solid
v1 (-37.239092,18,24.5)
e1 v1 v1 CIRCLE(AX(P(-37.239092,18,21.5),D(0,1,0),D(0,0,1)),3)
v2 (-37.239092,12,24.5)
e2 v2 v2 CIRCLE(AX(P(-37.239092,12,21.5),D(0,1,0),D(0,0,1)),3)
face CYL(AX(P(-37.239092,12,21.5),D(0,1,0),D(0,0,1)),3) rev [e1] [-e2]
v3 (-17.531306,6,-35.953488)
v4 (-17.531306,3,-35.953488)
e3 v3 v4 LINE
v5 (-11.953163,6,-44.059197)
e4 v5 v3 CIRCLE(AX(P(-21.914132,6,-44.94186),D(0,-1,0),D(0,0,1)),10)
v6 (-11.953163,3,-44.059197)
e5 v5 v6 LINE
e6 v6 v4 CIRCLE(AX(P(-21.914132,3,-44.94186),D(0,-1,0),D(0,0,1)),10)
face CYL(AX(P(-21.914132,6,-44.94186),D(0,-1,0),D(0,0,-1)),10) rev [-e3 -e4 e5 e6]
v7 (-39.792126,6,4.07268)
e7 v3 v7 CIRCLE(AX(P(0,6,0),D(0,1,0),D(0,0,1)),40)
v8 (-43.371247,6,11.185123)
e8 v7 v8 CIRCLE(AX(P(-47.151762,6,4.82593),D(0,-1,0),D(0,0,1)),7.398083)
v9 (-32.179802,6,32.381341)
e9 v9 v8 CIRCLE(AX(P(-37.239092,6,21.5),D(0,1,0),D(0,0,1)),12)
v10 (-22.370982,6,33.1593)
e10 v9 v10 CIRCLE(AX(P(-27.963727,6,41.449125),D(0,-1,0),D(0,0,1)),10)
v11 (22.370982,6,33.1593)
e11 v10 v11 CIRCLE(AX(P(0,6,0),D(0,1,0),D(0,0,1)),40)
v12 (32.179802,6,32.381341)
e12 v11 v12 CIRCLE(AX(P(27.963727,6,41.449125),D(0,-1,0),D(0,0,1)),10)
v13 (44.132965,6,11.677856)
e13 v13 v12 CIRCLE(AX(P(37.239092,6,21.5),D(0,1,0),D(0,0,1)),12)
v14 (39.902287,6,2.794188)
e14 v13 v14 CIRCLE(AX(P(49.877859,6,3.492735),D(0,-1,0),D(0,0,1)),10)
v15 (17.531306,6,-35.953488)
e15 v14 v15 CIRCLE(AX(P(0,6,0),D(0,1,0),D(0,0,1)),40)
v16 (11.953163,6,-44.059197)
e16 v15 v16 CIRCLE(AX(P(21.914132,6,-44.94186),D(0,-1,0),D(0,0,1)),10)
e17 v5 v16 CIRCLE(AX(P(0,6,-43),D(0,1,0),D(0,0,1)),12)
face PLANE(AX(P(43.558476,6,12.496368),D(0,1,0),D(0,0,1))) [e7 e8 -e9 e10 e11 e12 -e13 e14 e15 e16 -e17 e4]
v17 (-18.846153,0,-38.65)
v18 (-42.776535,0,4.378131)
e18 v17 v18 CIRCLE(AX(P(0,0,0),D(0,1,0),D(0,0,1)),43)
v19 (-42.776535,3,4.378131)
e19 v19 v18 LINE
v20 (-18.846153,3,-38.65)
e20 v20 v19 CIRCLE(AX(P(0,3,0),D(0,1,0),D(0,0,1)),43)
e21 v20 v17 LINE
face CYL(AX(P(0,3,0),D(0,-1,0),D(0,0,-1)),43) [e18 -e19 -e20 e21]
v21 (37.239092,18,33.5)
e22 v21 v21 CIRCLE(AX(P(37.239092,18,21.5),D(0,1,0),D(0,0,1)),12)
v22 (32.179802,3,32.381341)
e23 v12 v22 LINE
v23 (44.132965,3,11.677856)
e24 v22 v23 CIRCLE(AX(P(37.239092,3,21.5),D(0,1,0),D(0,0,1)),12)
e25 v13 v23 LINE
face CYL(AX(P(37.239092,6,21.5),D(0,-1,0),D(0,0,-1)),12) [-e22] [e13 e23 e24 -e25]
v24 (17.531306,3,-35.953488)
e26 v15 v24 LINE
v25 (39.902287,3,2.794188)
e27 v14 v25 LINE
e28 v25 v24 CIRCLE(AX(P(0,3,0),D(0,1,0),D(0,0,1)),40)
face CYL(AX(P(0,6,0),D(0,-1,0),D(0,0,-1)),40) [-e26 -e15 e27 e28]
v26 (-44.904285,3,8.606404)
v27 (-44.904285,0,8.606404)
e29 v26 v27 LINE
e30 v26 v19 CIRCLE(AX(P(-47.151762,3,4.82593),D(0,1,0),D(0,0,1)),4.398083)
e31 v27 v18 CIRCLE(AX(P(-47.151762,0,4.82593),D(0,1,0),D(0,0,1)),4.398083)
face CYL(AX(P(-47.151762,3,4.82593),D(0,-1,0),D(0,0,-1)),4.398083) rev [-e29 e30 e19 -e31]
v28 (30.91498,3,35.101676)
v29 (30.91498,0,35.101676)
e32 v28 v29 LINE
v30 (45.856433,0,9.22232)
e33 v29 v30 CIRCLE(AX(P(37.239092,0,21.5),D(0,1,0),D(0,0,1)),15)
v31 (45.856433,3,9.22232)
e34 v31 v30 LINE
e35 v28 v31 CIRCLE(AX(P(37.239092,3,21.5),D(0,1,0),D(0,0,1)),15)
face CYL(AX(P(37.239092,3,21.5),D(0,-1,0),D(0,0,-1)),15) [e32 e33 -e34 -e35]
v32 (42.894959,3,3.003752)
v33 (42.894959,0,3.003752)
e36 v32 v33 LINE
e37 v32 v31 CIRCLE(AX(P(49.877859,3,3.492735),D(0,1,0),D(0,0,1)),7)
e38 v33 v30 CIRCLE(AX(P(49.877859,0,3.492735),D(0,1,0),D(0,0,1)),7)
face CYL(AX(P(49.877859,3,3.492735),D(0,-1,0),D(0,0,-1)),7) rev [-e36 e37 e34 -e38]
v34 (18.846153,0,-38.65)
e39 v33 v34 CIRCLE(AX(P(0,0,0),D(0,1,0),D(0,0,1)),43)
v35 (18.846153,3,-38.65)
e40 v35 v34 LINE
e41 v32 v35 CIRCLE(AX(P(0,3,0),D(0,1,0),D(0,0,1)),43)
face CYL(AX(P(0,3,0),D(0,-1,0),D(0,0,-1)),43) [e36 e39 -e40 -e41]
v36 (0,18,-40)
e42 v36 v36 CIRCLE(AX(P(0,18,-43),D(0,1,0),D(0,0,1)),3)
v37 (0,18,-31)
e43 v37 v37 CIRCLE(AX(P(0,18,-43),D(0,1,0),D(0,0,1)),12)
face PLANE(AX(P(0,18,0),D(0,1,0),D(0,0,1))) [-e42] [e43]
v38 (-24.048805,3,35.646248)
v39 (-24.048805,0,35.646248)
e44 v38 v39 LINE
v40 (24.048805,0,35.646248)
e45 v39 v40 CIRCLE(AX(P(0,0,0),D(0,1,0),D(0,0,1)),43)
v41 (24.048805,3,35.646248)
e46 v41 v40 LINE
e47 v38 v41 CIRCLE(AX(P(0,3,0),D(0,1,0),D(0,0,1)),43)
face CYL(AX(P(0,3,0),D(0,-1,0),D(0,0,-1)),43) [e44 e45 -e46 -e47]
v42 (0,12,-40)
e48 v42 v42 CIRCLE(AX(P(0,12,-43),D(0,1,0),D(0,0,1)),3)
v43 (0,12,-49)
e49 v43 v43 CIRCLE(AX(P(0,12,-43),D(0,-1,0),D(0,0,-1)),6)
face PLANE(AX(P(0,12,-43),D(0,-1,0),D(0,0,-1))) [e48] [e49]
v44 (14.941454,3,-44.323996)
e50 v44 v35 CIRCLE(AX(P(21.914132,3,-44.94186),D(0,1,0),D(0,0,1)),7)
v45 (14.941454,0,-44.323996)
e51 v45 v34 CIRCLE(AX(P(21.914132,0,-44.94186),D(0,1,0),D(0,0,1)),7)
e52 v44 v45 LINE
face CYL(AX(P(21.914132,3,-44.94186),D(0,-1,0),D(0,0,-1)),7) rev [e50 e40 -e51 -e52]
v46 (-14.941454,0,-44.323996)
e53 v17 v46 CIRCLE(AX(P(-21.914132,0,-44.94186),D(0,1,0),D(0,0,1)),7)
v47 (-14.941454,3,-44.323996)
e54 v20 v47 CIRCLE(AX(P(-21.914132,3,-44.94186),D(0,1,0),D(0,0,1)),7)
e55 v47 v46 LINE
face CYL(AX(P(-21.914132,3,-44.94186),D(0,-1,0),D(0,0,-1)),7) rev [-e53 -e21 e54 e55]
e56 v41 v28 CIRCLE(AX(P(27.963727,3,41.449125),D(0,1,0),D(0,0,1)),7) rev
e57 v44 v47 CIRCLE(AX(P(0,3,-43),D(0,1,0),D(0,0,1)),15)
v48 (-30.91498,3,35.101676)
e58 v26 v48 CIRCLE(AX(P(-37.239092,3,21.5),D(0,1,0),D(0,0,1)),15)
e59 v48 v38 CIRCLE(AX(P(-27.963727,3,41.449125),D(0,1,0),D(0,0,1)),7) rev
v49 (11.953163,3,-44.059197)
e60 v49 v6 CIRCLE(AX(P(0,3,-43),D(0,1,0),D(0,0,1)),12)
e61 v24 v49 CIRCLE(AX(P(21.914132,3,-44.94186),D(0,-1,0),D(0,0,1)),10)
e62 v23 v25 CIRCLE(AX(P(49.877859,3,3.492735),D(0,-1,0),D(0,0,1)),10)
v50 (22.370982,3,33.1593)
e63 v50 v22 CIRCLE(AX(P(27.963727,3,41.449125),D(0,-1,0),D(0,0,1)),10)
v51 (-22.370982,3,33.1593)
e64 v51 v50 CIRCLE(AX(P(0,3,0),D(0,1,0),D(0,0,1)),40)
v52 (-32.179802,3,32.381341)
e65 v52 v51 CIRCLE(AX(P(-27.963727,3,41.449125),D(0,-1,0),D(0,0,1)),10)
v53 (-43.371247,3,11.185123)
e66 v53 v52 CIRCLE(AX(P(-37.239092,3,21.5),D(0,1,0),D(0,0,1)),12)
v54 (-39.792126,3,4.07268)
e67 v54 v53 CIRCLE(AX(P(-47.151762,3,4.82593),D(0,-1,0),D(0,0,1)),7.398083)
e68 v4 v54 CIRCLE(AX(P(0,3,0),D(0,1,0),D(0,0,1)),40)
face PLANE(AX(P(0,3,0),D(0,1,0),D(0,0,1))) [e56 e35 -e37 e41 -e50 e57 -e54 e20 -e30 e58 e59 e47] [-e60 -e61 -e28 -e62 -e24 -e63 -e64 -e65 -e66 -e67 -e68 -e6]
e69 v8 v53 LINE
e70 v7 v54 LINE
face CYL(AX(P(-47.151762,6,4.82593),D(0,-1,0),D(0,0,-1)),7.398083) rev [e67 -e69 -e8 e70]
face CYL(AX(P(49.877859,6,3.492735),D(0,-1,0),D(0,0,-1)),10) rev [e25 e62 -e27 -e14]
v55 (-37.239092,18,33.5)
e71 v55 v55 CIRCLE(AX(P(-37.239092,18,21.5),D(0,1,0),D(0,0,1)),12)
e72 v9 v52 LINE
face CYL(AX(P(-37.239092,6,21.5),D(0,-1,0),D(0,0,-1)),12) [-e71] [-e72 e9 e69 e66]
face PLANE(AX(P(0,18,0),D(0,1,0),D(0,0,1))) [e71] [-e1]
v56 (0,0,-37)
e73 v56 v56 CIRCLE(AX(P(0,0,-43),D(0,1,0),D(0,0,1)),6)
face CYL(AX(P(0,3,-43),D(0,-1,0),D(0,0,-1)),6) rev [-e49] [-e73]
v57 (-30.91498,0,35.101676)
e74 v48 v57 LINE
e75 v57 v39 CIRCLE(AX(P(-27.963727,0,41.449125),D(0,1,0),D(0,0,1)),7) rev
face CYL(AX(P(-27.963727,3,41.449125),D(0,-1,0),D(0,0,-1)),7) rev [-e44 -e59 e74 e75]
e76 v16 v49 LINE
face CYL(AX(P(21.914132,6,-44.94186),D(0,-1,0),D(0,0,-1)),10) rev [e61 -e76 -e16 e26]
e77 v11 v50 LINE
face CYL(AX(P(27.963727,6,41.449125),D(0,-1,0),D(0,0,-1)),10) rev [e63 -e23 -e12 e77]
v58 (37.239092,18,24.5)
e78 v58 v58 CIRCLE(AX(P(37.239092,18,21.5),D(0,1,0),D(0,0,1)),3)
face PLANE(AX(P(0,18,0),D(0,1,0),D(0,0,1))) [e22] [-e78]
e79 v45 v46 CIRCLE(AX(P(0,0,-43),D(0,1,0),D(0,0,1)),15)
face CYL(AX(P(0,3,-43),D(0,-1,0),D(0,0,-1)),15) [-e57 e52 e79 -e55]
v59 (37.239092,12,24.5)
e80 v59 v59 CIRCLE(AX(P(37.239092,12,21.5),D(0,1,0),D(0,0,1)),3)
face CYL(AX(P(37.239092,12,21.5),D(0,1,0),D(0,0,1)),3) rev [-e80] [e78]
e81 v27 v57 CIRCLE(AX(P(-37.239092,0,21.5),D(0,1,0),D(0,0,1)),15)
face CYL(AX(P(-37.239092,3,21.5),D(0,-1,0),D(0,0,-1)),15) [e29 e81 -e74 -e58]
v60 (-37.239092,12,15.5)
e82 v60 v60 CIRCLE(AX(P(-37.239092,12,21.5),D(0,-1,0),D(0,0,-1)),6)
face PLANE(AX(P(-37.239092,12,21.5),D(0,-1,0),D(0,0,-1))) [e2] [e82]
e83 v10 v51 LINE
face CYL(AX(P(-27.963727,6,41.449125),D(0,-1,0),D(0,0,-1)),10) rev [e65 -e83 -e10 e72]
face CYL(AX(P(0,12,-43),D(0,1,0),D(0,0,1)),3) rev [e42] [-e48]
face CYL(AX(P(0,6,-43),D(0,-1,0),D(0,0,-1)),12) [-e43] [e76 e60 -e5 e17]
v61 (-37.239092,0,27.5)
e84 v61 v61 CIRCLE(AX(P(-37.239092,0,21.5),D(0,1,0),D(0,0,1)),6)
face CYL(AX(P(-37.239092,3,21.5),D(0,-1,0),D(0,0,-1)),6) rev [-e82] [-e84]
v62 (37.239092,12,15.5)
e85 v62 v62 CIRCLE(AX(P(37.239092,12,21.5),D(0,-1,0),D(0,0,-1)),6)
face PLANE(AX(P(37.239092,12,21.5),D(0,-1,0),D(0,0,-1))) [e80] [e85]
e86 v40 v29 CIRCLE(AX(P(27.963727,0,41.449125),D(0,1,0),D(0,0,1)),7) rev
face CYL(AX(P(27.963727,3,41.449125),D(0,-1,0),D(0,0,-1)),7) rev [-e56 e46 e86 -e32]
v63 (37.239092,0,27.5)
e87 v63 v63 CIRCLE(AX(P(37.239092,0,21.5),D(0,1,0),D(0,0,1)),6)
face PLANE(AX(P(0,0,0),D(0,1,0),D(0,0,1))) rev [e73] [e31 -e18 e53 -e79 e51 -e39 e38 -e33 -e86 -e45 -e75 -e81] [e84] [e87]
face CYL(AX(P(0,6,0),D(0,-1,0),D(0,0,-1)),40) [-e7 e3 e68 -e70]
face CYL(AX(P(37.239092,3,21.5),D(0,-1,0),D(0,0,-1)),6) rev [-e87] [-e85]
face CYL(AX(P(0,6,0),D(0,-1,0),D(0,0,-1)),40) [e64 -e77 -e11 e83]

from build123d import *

# Parameters (mm, degrees)
SZKIC1_R                    = 6
DODANIE_WYCI_GNI_CIE3_DEPTH = 3
SZKIC2_R                    = 6
DODANIE_WYCI_GNI_CIE5_DEPTH = 3
SZKIC3_R                    = 12
DODANIE_WYCI_GNI_CIE7_DEPTH = 12
SZKIC4_R                    = 3
WYTNIJ_WYCI_GNI_CIE1_DEPTH  = 6
SZKIC5_R                    = 6
WYTNIJ_WYCI_GNI_CIE2_DEPTH  = 6


with BuildPart() as part:
    # Szkic1 → Dodanie-wyciągnięcie3 (new body)
    with BuildSketch(Plane(origin=(0, 0, 0), x_dir=(1, 0, 0), z_dir=(0, 1, 0))):
        with BuildLine():
            ThreePointArc((18.846153454, 38.65), (16.147655157, 40.973517523), (14.941453584, 44.323995772))
            ThreePointArc((14.941453584, 44.323995772), (0, 58), (-14.941453584, 44.323995772))
            ThreePointArc((-14.941453584, 44.323995772), (-16.147655157, 40.973517523), (-18.846153454, 38.65))
            ThreePointArc((-18.846153454, 38.65), (-37.579169087, 20.89990552), (-42.776535296, -4.378130663))
            ThreePointArc((-42.776535296, -4.378130663), (-43.223069571, -6.802925196), (-44.904285151, -8.606403934))
            ThreePointArc((-44.904285151, -8.606403934), (-50.503687636, -28.503607088), (-30.914979544, -35.101676259))
            ThreePointArc((-30.914979544, -35.101676259), (-27.410279478, -34.471038339), (-24.048805129, -35.646247655))
            ThreePointArc((-24.048805129, -35.646247655), (0, -43), (24.048805129, -35.646247655))
            ThreePointArc((24.048805129, -35.646247655), (27.410279478, -34.471038339), (30.914979544, -35.101676259))
            ThreePointArc((30.914979544, -35.101676259), (50.229473419, -29), (45.856433127, -9.222319513))
            ThreePointArc((45.856433127, -9.222319513), (43.557934635, -6.502479184), (42.894958583, -3.003752345))
            ThreePointArc((42.894958583, -3.003752345), (37.239092363, 21.5), (18.846153454, 38.65))
        make_face()
        with Locations(Location((0, 43, 0), (0, 0, 270))):
            Circle(SZKIC1_R, mode=Mode.SUBTRACT)
        with Locations(Location((37.239092363, -21.5, 0), (0, 0, 270))):
            Circle(SZKIC1_R, mode=Mode.SUBTRACT)
        with Locations(Location((-37.239092363, -21.5, 0), (0, 0, 270))):
            Circle(SZKIC1_R, mode=Mode.SUBTRACT)
    extrude(amount=DODANIE_WYCI_GNI_CIE3_DEPTH)

    # Szkic2 → Dodanie-wyciągnięcie5 (add)
    with BuildSketch(Plane(origin=(0, 3, 0), x_dir=(1, 0, 0), z_dir=(0, 1, 0))):
        with BuildLine():
            ThreePointArc((32.179802107, -32.381341007), (27.173087728, -31.480429693), (22.370981516, -33.159300144))
            ThreePointArc((22.370981516, -33.159300144), (0, -40), (-22.370981516, -33.159300144))
            ThreePointArc((-22.370981516, -33.159300144), (-27.173087728, -31.480429693), (-32.179802107, -32.381341007))
            ThreePointArc((-32.179802107, -32.381341007), (-47.850768581, -27.10288567), (-43.371246594, -11.185123147))
            ThreePointArc((-43.371246594, -11.185123147), (-40.543248024, -8.151463841), (-39.792125856, -4.072679686))
            ThreePointArc((-39.792125856, -4.072679686), (-34.957366592, 19.441772577), (-17.531305538, 35.953488372))
            ThreePointArc((-17.531305538, 35.953488372), (-13.676307972, 39.272799119), (-11.953162867, 44.059196617))
            ThreePointArc((-11.953162867, 44.059196617), (0, 55), (11.953162867, 44.059196617))
            ThreePointArc((11.953162867, 44.059196617), (13.676307972, 39.272799119), (17.531305538, 35.953488372))
            ThreePointArc((17.531305538, 35.953488372), (34.641016151, 20), (39.902287054, -2.794188228))
            ThreePointArc((39.902287054, -2.794188228), (40.8493957, -7.792369426), (44.132964974, -11.67785561))
            ThreePointArc((44.132964974, -11.67785561), (47.631397208, -27.5), (32.179802107, -32.381341007))
        make_face()
        with Locations(Location((37.239092363, -21.5, 0), (0, 0, 270))):
            Circle(SZKIC2_R, mode=Mode.SUBTRACT)
        with Locations(Location((0, 43, 0), (0, 0, 270))):
            Circle(SZKIC2_R, mode=Mode.SUBTRACT)
        with Locations(Location((-37.239092363, -21.5, 0), (0, 0, 270))):
            Circle(SZKIC2_R, mode=Mode.SUBTRACT)
    extrude(amount=DODANIE_WYCI_GNI_CIE5_DEPTH)

    # Szkic3 → Dodanie-wyciągnięcie7 (add)
    with BuildSketch(Plane(origin=(0, 6, 0), x_dir=(1, 0, 0), z_dir=(0, 1, 0))):
        with Locations(Location((0, 43, 0), (0, 0, 5.063881306))):
            Circle(SZKIC3_R)
        with Locations(Location((37.239092363, -21.5, 0), (0, 0, 54.936118694))):
            Circle(SZKIC3_R)
        with Locations(Location((-37.239092363, -21.5, 0), (0, 0, 120.73131892))):
            Circle(SZKIC3_R)
    extrude(amount=DODANIE_WYCI_GNI_CIE7_DEPTH)

    # Szkic4 → Wytnij-wyciągnięcie1 (cut)
    with BuildSketch(Plane(origin=(0, 18, 0), x_dir=(1, 0, 0), z_dir=(0, 1, 0))):
        with Locations(Location((0, 43, 0), (0, 0, 270))):
            Circle(SZKIC4_R)
        with Locations(Location((37.239092363, -21.5, 0), (0, 0, 270))):
            Circle(SZKIC4_R)
        with Locations(Location((-37.239092363, -21.5, 0), (0, 0, 270))):
            Circle(SZKIC4_R)
    extrude(amount=-WYTNIJ_WYCI_GNI_CIE1_DEPTH, mode=Mode.SUBTRACT)

    # Szkic5 → Wytnij-wyciągnięcie2 (cut)
    with BuildSketch(Plane.XZ.offset(-6)):
        with Locations(Location((37.239092363, 21.5, 0), (0, 0, 270))):
            Circle(SZKIC5_R)
        with Locations(Location((0, -43, 0), (0, 0, 270))):
            Circle(SZKIC5_R)
        with Locations(Location((-37.239092363, 21.5, 0), (0, 0, 270))):
            Circle(SZKIC5_R)
    extrude(amount=-WYTNIJ_WYCI_GNI_CIE2_DEPTH, mode=Mode.SUBTRACT)


solid = part.part
